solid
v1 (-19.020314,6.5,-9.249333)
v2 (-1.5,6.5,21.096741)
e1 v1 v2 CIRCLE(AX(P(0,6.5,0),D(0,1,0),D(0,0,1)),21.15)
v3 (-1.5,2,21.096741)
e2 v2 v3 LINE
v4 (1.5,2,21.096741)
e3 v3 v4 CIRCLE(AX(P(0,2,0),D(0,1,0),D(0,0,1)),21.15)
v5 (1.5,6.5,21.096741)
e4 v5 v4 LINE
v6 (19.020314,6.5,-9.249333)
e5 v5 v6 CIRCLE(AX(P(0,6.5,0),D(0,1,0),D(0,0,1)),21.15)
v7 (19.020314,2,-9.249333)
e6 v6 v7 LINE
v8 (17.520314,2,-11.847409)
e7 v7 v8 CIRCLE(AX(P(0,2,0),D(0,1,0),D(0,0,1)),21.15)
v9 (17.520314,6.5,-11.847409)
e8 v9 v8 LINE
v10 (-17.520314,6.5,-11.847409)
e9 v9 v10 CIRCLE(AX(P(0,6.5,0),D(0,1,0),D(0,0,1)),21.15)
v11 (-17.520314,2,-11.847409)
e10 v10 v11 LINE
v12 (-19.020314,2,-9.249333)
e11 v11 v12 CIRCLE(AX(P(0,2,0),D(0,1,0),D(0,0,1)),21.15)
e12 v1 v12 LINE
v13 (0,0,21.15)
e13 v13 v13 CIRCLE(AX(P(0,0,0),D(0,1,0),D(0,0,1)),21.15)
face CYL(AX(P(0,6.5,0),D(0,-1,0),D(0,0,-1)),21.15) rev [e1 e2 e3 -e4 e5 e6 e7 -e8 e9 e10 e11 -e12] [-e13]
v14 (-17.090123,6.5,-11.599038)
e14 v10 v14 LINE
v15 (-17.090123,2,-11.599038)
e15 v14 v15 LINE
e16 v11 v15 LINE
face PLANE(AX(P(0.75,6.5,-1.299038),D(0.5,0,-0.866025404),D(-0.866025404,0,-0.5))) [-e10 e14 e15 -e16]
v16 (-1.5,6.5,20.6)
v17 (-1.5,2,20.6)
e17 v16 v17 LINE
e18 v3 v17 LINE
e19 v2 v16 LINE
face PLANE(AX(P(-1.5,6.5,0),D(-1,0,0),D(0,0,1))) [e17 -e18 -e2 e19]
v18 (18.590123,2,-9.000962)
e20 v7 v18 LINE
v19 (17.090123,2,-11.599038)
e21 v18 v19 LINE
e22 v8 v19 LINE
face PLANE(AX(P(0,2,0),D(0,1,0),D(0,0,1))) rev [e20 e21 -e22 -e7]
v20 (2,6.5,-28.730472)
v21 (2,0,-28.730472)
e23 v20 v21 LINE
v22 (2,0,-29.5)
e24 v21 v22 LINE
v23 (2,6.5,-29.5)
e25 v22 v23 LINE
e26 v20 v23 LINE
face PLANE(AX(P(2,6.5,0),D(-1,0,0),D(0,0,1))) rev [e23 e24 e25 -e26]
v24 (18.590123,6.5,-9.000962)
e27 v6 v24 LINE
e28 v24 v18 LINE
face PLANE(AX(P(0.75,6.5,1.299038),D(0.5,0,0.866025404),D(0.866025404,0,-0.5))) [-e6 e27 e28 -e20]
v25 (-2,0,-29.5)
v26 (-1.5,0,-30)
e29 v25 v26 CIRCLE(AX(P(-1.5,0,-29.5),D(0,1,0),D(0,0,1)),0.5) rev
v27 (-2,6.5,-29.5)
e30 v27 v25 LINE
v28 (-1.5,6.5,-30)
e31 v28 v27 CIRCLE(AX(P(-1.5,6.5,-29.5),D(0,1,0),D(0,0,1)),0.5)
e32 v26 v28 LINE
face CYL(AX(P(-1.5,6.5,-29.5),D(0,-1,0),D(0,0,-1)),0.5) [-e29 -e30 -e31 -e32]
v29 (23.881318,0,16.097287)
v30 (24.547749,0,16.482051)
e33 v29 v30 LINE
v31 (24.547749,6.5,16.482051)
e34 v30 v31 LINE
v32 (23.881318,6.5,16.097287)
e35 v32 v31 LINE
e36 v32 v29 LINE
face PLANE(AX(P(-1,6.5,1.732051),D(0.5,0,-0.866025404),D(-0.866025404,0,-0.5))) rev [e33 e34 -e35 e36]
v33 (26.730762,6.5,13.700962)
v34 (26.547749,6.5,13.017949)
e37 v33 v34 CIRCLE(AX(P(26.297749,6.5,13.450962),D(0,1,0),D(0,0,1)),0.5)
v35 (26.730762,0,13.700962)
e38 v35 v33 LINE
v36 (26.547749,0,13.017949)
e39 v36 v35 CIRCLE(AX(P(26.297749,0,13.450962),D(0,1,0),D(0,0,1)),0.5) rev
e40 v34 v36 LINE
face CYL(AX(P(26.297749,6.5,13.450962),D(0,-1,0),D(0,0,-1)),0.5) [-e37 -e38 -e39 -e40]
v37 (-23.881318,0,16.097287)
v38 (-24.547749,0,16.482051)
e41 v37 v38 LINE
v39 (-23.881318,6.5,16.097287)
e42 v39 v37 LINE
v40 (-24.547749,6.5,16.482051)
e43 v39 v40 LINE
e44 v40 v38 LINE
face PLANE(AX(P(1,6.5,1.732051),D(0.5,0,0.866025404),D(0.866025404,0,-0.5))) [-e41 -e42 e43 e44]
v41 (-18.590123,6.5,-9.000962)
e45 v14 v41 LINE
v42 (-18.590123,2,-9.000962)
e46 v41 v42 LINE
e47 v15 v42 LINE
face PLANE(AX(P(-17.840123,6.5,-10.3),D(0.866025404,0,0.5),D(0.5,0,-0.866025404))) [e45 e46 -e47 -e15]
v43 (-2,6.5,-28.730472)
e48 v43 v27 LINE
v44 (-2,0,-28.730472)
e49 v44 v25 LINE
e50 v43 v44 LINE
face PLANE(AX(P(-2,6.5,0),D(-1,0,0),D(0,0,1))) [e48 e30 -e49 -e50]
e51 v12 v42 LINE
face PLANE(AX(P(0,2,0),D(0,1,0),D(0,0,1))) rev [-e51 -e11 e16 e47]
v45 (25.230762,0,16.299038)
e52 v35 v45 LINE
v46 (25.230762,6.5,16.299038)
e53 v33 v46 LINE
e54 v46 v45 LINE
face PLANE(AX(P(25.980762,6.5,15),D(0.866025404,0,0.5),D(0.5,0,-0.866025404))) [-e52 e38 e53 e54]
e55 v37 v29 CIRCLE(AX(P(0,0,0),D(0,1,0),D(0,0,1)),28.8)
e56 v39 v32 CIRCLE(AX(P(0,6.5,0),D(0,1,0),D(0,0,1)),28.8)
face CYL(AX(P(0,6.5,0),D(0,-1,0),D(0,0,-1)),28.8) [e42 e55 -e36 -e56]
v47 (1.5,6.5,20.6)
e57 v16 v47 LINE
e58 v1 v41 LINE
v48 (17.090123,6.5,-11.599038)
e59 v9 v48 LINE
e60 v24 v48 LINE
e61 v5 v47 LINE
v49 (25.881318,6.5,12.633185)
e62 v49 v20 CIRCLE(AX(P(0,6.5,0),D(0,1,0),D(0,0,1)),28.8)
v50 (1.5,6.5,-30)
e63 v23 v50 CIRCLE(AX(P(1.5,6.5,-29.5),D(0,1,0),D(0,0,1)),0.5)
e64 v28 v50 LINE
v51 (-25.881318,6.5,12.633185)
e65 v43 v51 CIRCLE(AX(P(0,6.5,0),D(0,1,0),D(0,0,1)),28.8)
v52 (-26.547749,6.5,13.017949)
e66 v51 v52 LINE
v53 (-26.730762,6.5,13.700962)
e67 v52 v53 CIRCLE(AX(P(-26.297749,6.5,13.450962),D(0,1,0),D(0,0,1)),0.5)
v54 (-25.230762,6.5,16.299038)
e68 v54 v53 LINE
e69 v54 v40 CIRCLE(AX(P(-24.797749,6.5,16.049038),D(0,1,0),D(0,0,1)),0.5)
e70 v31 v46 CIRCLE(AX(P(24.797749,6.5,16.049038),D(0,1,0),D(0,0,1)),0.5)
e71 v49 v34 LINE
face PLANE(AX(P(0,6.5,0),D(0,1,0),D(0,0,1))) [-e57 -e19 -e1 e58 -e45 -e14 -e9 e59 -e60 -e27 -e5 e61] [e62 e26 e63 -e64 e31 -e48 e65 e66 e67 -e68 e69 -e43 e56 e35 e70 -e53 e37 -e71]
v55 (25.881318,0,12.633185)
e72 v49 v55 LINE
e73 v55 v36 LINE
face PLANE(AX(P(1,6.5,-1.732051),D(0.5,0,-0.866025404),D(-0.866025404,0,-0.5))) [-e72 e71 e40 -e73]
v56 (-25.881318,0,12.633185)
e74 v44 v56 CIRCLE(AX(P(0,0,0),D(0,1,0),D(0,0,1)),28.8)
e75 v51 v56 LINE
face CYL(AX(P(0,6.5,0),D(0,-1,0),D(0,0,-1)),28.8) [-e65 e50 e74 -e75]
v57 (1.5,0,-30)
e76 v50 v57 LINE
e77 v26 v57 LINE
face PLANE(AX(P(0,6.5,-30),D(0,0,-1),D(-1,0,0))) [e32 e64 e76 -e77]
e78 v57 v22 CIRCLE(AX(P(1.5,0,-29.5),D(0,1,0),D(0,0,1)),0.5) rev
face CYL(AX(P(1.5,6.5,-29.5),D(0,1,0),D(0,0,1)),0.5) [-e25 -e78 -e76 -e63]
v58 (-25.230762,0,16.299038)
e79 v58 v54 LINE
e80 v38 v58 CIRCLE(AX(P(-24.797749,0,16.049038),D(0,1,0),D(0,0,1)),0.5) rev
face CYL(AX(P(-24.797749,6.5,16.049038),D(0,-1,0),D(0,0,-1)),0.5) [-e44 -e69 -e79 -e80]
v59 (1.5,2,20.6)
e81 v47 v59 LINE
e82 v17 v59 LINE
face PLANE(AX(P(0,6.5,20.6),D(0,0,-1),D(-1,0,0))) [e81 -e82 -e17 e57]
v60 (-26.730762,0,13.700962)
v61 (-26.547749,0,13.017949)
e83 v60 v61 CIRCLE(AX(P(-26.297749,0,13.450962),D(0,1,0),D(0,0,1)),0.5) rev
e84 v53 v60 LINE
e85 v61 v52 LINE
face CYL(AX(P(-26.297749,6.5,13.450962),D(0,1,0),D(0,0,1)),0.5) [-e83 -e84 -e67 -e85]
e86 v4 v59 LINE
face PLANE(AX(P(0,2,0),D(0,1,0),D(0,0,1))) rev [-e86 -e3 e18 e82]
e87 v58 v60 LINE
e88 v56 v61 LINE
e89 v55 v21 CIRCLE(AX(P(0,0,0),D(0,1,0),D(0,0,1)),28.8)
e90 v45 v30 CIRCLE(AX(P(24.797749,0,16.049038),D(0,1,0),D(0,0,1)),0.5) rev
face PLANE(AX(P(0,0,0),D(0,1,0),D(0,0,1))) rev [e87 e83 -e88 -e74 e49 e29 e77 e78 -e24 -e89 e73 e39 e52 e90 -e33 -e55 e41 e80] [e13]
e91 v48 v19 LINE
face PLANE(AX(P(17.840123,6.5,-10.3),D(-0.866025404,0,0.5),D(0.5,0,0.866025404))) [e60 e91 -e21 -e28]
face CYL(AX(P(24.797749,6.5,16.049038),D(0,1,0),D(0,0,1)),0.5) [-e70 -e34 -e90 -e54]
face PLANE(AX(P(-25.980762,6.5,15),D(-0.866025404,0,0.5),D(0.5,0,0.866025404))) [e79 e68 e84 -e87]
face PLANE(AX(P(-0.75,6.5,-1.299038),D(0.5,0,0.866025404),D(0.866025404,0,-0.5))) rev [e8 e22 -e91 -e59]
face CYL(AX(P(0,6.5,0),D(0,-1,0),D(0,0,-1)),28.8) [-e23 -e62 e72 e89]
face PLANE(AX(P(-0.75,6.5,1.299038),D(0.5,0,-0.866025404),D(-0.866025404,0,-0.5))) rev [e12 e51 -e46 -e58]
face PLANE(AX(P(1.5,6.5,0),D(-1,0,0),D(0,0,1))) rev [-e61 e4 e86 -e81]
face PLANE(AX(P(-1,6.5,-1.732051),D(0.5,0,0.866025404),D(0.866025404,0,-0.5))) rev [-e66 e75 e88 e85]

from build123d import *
from build123d.topology import SkipClean

# Parameters (mm, degrees)
BOSS_EXTRUDE1_DEPTH = 6.5
FILLET1_R           = 0.5
CUT_EXTRUDE1_DEPTH  = 2


with BuildPart() as part:
    # Sketch1 → Boss-Extrude1 (new body)
    with BuildSketch(Plane(origin=(0, 0, 0), x_dir=(1, 0, 0), z_dir=(0, 1, 0))):
        with BuildLine():
            ThreePointArc((25.881318293, -12.633185007), (24.941531629, 14.4), (2, 28.730471629))
            Line((2, 28.730471629), (2, 30))
            Line((2, 30), (-2, 30))
            Line((-2, 30), (-2, 28.730471629))
            ThreePointArc((-2, 28.730471629), (-24.941531629, 14.4), (-25.881318293, -12.633185007))
            Line((-25.881318293, -12.633185007), (-26.980762114, -13.267949192))
            Line((-26.980762114, -13.267949192), (-24.980762114, -16.732050808))
            Line((-24.980762114, -16.732050808), (-23.881318293, -16.097286622))
            ThreePointArc((-23.881318293, -16.097286622), (0, -28.8), (23.881318293, -16.097286622))
            Line((23.881318293, -16.097286622), (24.980762114, -16.732050808))
            Line((24.980762114, -16.732050808), (26.980762114, -13.267949192))
            Line((26.980762114, -13.267949192), (25.881318293, -12.633185007))
        make_face()
        with BuildLine():
            ThreePointArc((-1.5, -21.096741455), (-18.31643729, -10.575), (-19.020314037, 9.249332622))
            Line((-19.020314037, 9.249332622), (-18.590123318, 9.000961894))
            Line((-18.590123318, 9.000961894), (-17.090123318, 11.599038106))
            Line((-17.090123318, 11.599038106), (-17.520314037, 11.847408833))
            ThreePointArc((-17.520314037, 11.847408833), (0, 21.15), (17.520314037, 11.847408833))
            Line((17.520314037, 11.847408833), (17.090123318, 11.599038106))
            Line((17.090123318, 11.599038106), (18.590123318, 9.000961894))
            Line((18.590123318, 9.000961894), (19.020314037, 9.249332622))
            ThreePointArc((19.020314037, 9.249332622), (18.31643729, -10.575), (1.5, -21.096741455))
            Line((1.5, -21.096741455), (1.5, -20.6))
            Line((1.5, -20.6), (-1.5, -20.6))
            Line((-1.5, -20.6), (-1.5, -21.096741455))
        make_face(mode=Mode.SUBTRACT)
    extrude(amount=BOSS_EXTRUDE1_DEPTH)

    # Fillet1
    fillet1_edges = [part.edges().sort_by_distance(p)[0] for p in [
        (-24.980762114, 3.25, 16.732050808),
        (-26.980762114, 3.25, 13.267949192),
        (-2, 3.25, -30),
        (2, 3.25, -30),
        (26.980762114, 3.25, 13.267949192),
        (24.980762114, 3.25, 16.732050808),
    ]]
    fillet(fillet1_edges, radius=FILLET1_R)

    # Sketch1<5> → Cut-Extrude1 (cut)
    with SkipClean():  # the faces are left unmerged after this step: merging them gives an invalid solid
        with BuildSketch(Plane(origin=(0, 0, 0), x_dir=(1, 0, 0), z_dir=(0, 1, 0))):
            with BuildLine():
                Line((-1.5, -20.6), (-1.5, -21.096741455))
                ThreePointArc((-1.5, -21.096741455), (0, -21.15), (1.5, -21.096741455))
                Line((1.5, -21.096741455), (1.5, -20.6))
                Line((1.5, -20.6), (-1.5, -20.6))
            make_face()
            with BuildLine():
                ThreePointArc((-17.520314037, 11.847408833), (-18.31643729, 10.575), (-19.020314037, 9.249332622))
                Line((-19.020314037, 9.249332622), (-18.590123318, 9.000961894))
                Line((-18.590123318, 9.000961894), (-17.090123318, 11.599038106))
                Line((-17.090123318, 11.599038106), (-17.520314037, 11.847408833))
            make_face()
            with BuildLine():
                Line((18.590123318, 9.000961894), (19.020314037, 9.249332622))
                ThreePointArc((19.020314037, 9.249332622), (18.31643729, 10.575), (17.520314037, 11.847408833))
                Line((17.520314037, 11.847408833), (17.090123318, 11.599038106))
                Line((17.090123318, 11.599038106), (18.590123318, 9.000961894))
            make_face()
        extrude(amount=CUT_EXTRUDE1_DEPTH, mode=Mode.SUBTRACT)


solid = part.part
